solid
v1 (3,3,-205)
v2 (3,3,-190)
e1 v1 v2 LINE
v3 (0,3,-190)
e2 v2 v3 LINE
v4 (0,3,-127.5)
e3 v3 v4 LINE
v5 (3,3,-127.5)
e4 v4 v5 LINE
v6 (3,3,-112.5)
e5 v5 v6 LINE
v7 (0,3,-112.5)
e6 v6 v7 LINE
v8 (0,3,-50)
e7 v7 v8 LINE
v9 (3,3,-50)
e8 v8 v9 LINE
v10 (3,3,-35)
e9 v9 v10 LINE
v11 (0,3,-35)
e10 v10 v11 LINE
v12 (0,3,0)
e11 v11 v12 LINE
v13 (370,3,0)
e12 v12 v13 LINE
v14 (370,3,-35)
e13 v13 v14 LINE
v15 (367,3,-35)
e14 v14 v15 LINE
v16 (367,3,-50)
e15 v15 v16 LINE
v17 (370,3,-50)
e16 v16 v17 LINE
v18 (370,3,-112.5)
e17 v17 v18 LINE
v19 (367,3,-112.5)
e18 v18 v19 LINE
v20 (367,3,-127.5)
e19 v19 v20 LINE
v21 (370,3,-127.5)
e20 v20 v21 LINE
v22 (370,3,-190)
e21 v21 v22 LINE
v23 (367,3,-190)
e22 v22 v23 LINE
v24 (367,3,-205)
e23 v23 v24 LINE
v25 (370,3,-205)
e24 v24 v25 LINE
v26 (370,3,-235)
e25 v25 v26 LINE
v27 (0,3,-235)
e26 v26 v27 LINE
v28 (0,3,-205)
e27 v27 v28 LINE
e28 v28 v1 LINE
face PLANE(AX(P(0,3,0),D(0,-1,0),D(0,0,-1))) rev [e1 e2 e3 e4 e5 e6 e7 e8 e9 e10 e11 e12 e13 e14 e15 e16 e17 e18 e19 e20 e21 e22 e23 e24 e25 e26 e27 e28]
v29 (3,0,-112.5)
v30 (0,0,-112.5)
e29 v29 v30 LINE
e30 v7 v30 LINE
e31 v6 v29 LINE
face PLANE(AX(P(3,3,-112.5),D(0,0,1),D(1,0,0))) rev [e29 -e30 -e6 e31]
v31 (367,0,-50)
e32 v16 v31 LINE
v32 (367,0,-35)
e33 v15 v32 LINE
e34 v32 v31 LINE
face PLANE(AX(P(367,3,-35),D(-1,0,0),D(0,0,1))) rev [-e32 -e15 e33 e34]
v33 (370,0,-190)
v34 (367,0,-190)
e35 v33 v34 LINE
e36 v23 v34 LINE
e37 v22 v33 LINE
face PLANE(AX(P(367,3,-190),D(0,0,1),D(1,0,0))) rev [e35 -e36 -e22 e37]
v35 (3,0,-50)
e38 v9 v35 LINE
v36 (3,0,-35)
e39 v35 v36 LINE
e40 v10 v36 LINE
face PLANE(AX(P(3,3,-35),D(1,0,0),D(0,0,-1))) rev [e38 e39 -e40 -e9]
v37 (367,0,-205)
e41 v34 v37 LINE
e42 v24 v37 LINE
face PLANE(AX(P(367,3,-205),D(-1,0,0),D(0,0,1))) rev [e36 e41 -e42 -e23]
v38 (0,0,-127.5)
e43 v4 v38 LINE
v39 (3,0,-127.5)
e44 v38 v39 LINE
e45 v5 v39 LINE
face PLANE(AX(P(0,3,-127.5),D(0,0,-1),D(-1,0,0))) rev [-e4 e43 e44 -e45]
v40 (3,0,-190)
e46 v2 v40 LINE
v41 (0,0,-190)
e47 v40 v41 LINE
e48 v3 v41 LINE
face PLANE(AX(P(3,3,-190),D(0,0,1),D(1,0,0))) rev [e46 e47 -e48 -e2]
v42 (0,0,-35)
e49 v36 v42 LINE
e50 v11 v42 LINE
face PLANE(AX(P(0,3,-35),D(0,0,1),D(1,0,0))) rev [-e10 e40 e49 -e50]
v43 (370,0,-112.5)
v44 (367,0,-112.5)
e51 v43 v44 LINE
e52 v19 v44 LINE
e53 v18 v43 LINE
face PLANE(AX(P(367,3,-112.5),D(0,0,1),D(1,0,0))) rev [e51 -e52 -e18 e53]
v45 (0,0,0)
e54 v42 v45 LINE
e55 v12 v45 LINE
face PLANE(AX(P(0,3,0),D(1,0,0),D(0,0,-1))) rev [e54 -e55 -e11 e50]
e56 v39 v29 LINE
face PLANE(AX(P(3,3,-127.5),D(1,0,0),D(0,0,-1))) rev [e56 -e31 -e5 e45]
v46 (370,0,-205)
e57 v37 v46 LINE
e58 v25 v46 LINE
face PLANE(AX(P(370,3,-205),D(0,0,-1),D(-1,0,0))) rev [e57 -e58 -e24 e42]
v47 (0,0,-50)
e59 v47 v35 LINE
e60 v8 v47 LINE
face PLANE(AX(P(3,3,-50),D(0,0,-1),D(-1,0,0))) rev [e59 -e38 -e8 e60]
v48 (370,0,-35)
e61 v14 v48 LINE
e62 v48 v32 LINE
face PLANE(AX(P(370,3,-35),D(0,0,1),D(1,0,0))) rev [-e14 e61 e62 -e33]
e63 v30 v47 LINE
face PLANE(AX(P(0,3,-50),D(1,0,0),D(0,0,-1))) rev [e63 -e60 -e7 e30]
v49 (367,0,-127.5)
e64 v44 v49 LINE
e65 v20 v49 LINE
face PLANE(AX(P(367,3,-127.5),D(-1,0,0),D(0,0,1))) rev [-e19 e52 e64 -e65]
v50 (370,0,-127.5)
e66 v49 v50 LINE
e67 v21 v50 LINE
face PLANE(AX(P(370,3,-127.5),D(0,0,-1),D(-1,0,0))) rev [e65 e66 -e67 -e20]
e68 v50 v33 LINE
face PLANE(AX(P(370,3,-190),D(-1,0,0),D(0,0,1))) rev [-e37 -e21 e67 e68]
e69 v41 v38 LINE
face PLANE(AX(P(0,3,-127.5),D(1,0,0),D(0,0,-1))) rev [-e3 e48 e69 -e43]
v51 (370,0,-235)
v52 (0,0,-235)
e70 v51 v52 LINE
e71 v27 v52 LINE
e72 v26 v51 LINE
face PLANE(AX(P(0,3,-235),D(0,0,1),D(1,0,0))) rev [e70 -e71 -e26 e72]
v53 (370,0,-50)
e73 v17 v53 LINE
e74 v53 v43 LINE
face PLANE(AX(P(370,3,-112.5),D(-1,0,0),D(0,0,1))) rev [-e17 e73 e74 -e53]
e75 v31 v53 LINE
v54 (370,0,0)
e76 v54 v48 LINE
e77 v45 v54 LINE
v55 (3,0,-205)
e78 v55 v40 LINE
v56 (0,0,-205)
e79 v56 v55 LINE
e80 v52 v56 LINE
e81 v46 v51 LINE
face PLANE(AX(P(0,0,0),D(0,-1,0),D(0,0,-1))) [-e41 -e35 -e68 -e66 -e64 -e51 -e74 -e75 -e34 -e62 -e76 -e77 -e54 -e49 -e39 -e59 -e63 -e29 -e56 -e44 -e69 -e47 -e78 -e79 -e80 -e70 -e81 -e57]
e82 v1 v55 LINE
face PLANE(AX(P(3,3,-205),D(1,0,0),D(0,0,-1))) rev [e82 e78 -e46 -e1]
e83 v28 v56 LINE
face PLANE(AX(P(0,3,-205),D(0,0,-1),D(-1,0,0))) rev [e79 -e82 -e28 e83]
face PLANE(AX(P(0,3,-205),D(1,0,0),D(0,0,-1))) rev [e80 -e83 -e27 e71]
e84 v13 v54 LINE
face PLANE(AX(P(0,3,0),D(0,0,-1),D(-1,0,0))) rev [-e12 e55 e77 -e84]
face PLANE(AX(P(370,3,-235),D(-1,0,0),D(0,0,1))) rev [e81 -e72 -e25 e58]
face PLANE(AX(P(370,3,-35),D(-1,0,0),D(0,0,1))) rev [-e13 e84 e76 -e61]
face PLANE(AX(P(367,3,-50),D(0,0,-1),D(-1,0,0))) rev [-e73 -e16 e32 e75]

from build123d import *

# Parameters (mm, degrees)
BOSS_EXTRUDE1_DEPTH = 3


with BuildPart() as part:
    # Sketch16 → Boss-Extrude1 (new body)
    with BuildSketch(Plane(origin=(0, 0, 0), x_dir=(1, 0, 0), z_dir=(0, 1, 0))):
        Polygon((370, 205), (367, 205), (367, 190), (370, 190), (370, 127.5), (367, 127.5), (367, 112.5), (370, 112.5), (370, 50), (367, 50), (367, 35), (370, 35), (370, 0), (0, 0), (0, 35), (3, 35), (3, 50), (0, 50), (0, 112.5), (3, 112.5), (3, 127.5), (0, 127.5), (0, 190), (3, 190), (3, 205), (0, 205), (0, 235), (370, 235), align=None)
    extrude(amount=BOSS_EXTRUDE1_DEPTH)


solid = part.part
